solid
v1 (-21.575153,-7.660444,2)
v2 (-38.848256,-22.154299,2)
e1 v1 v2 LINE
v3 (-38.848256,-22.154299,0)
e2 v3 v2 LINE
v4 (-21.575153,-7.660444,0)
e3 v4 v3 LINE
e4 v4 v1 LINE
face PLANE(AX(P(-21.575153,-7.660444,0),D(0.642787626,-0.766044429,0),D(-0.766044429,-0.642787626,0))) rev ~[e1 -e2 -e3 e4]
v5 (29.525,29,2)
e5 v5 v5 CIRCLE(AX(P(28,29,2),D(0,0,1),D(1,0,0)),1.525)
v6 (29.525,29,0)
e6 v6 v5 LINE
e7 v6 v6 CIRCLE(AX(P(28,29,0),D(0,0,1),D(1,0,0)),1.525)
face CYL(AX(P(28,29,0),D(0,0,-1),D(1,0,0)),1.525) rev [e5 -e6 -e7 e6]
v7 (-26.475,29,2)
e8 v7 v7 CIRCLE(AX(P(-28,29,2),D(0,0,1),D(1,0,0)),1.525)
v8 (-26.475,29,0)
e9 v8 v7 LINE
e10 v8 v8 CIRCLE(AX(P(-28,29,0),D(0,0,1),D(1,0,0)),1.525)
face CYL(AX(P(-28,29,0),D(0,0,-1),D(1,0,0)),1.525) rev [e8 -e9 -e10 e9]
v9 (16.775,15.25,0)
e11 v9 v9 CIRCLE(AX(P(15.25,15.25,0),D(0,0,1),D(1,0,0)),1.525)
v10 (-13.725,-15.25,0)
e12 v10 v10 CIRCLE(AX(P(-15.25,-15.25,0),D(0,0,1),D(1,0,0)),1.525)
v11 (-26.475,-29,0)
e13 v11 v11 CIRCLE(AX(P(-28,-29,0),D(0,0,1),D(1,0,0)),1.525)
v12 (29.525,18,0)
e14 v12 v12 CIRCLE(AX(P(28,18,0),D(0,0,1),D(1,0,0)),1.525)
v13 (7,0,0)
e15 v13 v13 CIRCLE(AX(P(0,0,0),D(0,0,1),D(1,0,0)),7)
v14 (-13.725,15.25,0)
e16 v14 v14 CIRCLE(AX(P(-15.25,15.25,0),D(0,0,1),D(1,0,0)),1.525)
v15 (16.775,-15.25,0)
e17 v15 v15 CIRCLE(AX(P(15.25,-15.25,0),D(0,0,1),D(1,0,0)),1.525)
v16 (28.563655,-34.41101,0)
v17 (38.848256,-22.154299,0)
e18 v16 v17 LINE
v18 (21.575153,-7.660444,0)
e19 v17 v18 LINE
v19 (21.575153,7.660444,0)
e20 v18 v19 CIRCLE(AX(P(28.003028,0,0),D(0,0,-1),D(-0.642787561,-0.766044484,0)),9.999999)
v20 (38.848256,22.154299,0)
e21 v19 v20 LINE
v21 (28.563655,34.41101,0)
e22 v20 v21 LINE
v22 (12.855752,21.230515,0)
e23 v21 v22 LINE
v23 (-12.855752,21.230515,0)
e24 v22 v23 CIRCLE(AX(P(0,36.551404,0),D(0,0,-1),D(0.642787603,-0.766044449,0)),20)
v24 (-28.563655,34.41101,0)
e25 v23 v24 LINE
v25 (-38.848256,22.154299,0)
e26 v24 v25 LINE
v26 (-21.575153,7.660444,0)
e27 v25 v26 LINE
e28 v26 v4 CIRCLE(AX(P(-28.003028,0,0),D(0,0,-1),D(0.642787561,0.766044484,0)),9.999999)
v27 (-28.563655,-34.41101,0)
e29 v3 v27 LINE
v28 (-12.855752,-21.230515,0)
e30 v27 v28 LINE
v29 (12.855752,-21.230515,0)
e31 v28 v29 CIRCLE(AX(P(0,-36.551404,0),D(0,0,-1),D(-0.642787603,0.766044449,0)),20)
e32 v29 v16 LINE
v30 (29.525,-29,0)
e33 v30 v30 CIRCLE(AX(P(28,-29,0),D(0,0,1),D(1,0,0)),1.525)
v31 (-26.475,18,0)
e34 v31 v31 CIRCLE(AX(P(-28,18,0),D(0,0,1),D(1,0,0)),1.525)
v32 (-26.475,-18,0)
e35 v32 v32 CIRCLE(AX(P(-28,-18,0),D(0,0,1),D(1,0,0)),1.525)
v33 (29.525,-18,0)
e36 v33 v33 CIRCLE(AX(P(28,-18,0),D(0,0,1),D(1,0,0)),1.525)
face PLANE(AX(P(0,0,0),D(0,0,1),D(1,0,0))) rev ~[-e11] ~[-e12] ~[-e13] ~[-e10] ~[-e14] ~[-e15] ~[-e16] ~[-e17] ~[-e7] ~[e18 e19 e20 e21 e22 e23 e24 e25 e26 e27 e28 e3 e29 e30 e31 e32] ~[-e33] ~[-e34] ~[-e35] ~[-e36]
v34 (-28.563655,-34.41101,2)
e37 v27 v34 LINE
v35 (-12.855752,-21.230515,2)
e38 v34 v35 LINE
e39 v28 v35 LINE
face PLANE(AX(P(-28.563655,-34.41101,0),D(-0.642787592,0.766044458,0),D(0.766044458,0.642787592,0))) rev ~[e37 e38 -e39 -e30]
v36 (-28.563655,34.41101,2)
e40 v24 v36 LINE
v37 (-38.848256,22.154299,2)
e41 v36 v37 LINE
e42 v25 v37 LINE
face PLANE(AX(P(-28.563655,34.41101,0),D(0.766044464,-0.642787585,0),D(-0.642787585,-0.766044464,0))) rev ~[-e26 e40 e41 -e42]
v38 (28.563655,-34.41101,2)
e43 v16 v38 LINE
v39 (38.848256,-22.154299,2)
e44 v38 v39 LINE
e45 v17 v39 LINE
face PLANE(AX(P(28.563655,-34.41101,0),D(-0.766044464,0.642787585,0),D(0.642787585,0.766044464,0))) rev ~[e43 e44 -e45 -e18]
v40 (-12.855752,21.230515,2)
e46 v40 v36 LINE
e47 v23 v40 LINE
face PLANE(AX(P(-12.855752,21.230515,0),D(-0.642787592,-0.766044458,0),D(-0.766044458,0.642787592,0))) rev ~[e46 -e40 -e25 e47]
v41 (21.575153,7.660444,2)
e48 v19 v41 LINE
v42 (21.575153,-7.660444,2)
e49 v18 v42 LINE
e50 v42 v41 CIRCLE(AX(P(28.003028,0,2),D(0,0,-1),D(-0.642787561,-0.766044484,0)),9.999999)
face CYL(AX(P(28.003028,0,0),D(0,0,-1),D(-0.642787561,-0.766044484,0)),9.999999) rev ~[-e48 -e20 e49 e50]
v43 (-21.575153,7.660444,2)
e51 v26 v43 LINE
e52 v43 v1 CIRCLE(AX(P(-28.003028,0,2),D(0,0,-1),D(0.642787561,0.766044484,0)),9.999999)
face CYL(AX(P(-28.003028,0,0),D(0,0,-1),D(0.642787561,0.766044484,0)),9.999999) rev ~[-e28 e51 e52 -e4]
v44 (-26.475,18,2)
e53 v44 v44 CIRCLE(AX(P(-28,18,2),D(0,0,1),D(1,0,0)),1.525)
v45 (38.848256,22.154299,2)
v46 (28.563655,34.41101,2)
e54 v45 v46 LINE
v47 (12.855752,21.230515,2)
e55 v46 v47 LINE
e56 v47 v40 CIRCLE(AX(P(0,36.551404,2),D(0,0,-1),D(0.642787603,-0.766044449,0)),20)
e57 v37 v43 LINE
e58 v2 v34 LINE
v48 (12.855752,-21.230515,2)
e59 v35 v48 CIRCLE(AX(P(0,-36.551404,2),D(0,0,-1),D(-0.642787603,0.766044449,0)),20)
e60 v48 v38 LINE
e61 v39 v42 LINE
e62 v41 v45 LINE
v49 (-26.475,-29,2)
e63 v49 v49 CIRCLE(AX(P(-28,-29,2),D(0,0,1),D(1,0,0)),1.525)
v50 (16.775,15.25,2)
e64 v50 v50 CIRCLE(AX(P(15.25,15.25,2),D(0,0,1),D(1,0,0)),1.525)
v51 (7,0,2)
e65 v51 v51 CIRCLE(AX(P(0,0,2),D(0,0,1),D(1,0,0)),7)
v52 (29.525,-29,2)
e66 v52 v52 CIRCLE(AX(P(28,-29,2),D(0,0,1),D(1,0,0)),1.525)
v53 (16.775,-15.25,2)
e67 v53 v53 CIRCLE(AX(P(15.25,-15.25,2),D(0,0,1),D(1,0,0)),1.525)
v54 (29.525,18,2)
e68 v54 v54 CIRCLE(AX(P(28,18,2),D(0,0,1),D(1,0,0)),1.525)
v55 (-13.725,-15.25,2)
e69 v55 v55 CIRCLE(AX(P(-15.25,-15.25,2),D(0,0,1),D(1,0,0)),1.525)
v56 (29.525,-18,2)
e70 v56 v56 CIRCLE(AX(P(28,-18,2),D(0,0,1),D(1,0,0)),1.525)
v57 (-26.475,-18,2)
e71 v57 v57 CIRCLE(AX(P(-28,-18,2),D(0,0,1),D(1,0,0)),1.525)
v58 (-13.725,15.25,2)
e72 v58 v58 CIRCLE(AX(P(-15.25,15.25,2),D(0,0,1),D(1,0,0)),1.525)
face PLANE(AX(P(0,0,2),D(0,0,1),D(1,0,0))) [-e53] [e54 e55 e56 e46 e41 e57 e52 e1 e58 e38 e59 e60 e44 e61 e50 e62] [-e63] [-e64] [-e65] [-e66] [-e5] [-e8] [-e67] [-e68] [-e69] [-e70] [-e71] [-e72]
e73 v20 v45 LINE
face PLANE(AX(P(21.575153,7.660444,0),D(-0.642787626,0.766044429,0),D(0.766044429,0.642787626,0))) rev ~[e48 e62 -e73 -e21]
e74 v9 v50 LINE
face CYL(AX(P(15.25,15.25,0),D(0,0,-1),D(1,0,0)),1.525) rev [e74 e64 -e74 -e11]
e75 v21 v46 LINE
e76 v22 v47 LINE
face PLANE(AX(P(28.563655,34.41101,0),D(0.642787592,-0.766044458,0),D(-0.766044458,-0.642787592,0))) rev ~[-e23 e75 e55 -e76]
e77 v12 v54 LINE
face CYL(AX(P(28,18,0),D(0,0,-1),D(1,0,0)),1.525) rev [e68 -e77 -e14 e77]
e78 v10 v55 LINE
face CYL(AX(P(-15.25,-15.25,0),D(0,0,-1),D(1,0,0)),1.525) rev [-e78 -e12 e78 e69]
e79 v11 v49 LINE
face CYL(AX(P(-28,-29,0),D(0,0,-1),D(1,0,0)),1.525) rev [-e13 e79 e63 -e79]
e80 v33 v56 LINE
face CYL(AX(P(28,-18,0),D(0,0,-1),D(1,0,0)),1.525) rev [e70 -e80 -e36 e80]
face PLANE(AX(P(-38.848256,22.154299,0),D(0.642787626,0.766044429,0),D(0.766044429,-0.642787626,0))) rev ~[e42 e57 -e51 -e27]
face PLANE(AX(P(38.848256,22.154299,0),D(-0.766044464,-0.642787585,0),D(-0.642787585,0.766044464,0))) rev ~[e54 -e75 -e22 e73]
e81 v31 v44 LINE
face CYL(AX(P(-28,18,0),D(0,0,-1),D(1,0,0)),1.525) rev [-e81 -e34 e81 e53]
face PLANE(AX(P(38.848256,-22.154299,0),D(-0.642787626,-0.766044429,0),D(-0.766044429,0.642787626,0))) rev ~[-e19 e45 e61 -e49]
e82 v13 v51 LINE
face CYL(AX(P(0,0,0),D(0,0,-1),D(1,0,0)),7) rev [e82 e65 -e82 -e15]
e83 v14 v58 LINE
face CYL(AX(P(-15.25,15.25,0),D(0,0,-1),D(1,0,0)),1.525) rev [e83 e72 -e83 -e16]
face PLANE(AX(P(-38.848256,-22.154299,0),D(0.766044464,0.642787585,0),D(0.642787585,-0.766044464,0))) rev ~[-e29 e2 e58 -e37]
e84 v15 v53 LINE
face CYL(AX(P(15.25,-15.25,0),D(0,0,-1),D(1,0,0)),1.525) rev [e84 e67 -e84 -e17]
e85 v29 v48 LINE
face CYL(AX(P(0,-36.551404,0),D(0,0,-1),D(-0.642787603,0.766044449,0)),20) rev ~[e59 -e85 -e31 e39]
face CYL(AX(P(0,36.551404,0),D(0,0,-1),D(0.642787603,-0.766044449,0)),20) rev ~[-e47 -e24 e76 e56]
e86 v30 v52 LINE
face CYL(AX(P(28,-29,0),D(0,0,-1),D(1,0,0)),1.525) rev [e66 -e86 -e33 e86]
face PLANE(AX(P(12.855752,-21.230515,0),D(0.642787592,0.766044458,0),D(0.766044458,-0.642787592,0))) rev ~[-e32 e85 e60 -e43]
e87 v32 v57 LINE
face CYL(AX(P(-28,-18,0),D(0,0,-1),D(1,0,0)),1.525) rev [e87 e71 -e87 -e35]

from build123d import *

# Parameters (mm, degrees)
F0_R     = 1.525
F0_R_2   = 7
F1_DEPTH = 2


with BuildPart() as f1:
    # F0 (on Top) → F1 (new body)
    with BuildSketch(Plane.XY):
        with BuildLine():
            Line((-12.855752, 21.230515), (-28.563655, 34.41101))
            Line((-28.563655, 34.41101), (-38.848256, 22.154299))
            Line((-38.848256, 22.154299), (-21.575153, 7.660444))
            ThreePointArc((-21.575153, 7.660444), (-18.003029, 0), (-21.575153, -7.660444))
            Line((-21.575153, -7.660444), (-38.848256, -22.154299))
            Line((-38.848256, -22.154299), (-28.563655, -34.41101))
            Line((-28.563655, -34.41101), (-12.855752, -21.230515))
            ThreePointArc((-12.855752, -21.230515), (0, -16.551404), (12.855752, -21.230515))
            Line((12.855752, -21.230515), (28.563655, -34.41101))
            Line((28.563655, -34.41101), (38.848256, -22.154299))
            Line((38.848256, -22.154299), (21.575153, -7.660444))
            ThreePointArc((21.575153, -7.660444), (18.003029, 0), (21.575153, 7.660444))
            Line((21.575153, 7.660444), (38.848256, 22.154299))
            Line((38.848256, 22.154299), (28.563655, 34.41101))
            Line((28.563655, 34.41101), (12.855752, 21.230515))
            ThreePointArc((12.855752, 21.230515), (0, 16.551404), (-12.855752, 21.230515))
        make_face()
        with Locations((-28, -29)):
            Circle(F0_R, mode=Mode.SUBTRACT)
        with Locations((-28, -18)):
            Circle(F0_R, mode=Mode.SUBTRACT)
        with Locations((-15.25, -15.25)):
            Circle(F0_R, mode=Mode.SUBTRACT)
        with Locations((28, -29)):
            Circle(F0_R, mode=Mode.SUBTRACT)
        with Locations((28, -18)):
            Circle(F0_R, mode=Mode.SUBTRACT)
        with Locations((15.25, -15.25)):
            Circle(F0_R, mode=Mode.SUBTRACT)
        with Locations((-15.25, 15.25)):
            Circle(F0_R, mode=Mode.SUBTRACT)
        with Locations((-28, 18)):
            Circle(F0_R, mode=Mode.SUBTRACT)
        with Locations((-28, 29)):
            Circle(F0_R, mode=Mode.SUBTRACT)
        Circle(F0_R_2, mode=Mode.SUBTRACT)
        with Locations((15.25, 15.25)):
            Circle(F0_R, mode=Mode.SUBTRACT)
        with Locations((28, 18)):
            Circle(F0_R, mode=Mode.SUBTRACT)
        with Locations((28, 29)):
            Circle(F0_R, mode=Mode.SUBTRACT)
    extrude(amount=F1_DEPTH)


solid = f1.part
